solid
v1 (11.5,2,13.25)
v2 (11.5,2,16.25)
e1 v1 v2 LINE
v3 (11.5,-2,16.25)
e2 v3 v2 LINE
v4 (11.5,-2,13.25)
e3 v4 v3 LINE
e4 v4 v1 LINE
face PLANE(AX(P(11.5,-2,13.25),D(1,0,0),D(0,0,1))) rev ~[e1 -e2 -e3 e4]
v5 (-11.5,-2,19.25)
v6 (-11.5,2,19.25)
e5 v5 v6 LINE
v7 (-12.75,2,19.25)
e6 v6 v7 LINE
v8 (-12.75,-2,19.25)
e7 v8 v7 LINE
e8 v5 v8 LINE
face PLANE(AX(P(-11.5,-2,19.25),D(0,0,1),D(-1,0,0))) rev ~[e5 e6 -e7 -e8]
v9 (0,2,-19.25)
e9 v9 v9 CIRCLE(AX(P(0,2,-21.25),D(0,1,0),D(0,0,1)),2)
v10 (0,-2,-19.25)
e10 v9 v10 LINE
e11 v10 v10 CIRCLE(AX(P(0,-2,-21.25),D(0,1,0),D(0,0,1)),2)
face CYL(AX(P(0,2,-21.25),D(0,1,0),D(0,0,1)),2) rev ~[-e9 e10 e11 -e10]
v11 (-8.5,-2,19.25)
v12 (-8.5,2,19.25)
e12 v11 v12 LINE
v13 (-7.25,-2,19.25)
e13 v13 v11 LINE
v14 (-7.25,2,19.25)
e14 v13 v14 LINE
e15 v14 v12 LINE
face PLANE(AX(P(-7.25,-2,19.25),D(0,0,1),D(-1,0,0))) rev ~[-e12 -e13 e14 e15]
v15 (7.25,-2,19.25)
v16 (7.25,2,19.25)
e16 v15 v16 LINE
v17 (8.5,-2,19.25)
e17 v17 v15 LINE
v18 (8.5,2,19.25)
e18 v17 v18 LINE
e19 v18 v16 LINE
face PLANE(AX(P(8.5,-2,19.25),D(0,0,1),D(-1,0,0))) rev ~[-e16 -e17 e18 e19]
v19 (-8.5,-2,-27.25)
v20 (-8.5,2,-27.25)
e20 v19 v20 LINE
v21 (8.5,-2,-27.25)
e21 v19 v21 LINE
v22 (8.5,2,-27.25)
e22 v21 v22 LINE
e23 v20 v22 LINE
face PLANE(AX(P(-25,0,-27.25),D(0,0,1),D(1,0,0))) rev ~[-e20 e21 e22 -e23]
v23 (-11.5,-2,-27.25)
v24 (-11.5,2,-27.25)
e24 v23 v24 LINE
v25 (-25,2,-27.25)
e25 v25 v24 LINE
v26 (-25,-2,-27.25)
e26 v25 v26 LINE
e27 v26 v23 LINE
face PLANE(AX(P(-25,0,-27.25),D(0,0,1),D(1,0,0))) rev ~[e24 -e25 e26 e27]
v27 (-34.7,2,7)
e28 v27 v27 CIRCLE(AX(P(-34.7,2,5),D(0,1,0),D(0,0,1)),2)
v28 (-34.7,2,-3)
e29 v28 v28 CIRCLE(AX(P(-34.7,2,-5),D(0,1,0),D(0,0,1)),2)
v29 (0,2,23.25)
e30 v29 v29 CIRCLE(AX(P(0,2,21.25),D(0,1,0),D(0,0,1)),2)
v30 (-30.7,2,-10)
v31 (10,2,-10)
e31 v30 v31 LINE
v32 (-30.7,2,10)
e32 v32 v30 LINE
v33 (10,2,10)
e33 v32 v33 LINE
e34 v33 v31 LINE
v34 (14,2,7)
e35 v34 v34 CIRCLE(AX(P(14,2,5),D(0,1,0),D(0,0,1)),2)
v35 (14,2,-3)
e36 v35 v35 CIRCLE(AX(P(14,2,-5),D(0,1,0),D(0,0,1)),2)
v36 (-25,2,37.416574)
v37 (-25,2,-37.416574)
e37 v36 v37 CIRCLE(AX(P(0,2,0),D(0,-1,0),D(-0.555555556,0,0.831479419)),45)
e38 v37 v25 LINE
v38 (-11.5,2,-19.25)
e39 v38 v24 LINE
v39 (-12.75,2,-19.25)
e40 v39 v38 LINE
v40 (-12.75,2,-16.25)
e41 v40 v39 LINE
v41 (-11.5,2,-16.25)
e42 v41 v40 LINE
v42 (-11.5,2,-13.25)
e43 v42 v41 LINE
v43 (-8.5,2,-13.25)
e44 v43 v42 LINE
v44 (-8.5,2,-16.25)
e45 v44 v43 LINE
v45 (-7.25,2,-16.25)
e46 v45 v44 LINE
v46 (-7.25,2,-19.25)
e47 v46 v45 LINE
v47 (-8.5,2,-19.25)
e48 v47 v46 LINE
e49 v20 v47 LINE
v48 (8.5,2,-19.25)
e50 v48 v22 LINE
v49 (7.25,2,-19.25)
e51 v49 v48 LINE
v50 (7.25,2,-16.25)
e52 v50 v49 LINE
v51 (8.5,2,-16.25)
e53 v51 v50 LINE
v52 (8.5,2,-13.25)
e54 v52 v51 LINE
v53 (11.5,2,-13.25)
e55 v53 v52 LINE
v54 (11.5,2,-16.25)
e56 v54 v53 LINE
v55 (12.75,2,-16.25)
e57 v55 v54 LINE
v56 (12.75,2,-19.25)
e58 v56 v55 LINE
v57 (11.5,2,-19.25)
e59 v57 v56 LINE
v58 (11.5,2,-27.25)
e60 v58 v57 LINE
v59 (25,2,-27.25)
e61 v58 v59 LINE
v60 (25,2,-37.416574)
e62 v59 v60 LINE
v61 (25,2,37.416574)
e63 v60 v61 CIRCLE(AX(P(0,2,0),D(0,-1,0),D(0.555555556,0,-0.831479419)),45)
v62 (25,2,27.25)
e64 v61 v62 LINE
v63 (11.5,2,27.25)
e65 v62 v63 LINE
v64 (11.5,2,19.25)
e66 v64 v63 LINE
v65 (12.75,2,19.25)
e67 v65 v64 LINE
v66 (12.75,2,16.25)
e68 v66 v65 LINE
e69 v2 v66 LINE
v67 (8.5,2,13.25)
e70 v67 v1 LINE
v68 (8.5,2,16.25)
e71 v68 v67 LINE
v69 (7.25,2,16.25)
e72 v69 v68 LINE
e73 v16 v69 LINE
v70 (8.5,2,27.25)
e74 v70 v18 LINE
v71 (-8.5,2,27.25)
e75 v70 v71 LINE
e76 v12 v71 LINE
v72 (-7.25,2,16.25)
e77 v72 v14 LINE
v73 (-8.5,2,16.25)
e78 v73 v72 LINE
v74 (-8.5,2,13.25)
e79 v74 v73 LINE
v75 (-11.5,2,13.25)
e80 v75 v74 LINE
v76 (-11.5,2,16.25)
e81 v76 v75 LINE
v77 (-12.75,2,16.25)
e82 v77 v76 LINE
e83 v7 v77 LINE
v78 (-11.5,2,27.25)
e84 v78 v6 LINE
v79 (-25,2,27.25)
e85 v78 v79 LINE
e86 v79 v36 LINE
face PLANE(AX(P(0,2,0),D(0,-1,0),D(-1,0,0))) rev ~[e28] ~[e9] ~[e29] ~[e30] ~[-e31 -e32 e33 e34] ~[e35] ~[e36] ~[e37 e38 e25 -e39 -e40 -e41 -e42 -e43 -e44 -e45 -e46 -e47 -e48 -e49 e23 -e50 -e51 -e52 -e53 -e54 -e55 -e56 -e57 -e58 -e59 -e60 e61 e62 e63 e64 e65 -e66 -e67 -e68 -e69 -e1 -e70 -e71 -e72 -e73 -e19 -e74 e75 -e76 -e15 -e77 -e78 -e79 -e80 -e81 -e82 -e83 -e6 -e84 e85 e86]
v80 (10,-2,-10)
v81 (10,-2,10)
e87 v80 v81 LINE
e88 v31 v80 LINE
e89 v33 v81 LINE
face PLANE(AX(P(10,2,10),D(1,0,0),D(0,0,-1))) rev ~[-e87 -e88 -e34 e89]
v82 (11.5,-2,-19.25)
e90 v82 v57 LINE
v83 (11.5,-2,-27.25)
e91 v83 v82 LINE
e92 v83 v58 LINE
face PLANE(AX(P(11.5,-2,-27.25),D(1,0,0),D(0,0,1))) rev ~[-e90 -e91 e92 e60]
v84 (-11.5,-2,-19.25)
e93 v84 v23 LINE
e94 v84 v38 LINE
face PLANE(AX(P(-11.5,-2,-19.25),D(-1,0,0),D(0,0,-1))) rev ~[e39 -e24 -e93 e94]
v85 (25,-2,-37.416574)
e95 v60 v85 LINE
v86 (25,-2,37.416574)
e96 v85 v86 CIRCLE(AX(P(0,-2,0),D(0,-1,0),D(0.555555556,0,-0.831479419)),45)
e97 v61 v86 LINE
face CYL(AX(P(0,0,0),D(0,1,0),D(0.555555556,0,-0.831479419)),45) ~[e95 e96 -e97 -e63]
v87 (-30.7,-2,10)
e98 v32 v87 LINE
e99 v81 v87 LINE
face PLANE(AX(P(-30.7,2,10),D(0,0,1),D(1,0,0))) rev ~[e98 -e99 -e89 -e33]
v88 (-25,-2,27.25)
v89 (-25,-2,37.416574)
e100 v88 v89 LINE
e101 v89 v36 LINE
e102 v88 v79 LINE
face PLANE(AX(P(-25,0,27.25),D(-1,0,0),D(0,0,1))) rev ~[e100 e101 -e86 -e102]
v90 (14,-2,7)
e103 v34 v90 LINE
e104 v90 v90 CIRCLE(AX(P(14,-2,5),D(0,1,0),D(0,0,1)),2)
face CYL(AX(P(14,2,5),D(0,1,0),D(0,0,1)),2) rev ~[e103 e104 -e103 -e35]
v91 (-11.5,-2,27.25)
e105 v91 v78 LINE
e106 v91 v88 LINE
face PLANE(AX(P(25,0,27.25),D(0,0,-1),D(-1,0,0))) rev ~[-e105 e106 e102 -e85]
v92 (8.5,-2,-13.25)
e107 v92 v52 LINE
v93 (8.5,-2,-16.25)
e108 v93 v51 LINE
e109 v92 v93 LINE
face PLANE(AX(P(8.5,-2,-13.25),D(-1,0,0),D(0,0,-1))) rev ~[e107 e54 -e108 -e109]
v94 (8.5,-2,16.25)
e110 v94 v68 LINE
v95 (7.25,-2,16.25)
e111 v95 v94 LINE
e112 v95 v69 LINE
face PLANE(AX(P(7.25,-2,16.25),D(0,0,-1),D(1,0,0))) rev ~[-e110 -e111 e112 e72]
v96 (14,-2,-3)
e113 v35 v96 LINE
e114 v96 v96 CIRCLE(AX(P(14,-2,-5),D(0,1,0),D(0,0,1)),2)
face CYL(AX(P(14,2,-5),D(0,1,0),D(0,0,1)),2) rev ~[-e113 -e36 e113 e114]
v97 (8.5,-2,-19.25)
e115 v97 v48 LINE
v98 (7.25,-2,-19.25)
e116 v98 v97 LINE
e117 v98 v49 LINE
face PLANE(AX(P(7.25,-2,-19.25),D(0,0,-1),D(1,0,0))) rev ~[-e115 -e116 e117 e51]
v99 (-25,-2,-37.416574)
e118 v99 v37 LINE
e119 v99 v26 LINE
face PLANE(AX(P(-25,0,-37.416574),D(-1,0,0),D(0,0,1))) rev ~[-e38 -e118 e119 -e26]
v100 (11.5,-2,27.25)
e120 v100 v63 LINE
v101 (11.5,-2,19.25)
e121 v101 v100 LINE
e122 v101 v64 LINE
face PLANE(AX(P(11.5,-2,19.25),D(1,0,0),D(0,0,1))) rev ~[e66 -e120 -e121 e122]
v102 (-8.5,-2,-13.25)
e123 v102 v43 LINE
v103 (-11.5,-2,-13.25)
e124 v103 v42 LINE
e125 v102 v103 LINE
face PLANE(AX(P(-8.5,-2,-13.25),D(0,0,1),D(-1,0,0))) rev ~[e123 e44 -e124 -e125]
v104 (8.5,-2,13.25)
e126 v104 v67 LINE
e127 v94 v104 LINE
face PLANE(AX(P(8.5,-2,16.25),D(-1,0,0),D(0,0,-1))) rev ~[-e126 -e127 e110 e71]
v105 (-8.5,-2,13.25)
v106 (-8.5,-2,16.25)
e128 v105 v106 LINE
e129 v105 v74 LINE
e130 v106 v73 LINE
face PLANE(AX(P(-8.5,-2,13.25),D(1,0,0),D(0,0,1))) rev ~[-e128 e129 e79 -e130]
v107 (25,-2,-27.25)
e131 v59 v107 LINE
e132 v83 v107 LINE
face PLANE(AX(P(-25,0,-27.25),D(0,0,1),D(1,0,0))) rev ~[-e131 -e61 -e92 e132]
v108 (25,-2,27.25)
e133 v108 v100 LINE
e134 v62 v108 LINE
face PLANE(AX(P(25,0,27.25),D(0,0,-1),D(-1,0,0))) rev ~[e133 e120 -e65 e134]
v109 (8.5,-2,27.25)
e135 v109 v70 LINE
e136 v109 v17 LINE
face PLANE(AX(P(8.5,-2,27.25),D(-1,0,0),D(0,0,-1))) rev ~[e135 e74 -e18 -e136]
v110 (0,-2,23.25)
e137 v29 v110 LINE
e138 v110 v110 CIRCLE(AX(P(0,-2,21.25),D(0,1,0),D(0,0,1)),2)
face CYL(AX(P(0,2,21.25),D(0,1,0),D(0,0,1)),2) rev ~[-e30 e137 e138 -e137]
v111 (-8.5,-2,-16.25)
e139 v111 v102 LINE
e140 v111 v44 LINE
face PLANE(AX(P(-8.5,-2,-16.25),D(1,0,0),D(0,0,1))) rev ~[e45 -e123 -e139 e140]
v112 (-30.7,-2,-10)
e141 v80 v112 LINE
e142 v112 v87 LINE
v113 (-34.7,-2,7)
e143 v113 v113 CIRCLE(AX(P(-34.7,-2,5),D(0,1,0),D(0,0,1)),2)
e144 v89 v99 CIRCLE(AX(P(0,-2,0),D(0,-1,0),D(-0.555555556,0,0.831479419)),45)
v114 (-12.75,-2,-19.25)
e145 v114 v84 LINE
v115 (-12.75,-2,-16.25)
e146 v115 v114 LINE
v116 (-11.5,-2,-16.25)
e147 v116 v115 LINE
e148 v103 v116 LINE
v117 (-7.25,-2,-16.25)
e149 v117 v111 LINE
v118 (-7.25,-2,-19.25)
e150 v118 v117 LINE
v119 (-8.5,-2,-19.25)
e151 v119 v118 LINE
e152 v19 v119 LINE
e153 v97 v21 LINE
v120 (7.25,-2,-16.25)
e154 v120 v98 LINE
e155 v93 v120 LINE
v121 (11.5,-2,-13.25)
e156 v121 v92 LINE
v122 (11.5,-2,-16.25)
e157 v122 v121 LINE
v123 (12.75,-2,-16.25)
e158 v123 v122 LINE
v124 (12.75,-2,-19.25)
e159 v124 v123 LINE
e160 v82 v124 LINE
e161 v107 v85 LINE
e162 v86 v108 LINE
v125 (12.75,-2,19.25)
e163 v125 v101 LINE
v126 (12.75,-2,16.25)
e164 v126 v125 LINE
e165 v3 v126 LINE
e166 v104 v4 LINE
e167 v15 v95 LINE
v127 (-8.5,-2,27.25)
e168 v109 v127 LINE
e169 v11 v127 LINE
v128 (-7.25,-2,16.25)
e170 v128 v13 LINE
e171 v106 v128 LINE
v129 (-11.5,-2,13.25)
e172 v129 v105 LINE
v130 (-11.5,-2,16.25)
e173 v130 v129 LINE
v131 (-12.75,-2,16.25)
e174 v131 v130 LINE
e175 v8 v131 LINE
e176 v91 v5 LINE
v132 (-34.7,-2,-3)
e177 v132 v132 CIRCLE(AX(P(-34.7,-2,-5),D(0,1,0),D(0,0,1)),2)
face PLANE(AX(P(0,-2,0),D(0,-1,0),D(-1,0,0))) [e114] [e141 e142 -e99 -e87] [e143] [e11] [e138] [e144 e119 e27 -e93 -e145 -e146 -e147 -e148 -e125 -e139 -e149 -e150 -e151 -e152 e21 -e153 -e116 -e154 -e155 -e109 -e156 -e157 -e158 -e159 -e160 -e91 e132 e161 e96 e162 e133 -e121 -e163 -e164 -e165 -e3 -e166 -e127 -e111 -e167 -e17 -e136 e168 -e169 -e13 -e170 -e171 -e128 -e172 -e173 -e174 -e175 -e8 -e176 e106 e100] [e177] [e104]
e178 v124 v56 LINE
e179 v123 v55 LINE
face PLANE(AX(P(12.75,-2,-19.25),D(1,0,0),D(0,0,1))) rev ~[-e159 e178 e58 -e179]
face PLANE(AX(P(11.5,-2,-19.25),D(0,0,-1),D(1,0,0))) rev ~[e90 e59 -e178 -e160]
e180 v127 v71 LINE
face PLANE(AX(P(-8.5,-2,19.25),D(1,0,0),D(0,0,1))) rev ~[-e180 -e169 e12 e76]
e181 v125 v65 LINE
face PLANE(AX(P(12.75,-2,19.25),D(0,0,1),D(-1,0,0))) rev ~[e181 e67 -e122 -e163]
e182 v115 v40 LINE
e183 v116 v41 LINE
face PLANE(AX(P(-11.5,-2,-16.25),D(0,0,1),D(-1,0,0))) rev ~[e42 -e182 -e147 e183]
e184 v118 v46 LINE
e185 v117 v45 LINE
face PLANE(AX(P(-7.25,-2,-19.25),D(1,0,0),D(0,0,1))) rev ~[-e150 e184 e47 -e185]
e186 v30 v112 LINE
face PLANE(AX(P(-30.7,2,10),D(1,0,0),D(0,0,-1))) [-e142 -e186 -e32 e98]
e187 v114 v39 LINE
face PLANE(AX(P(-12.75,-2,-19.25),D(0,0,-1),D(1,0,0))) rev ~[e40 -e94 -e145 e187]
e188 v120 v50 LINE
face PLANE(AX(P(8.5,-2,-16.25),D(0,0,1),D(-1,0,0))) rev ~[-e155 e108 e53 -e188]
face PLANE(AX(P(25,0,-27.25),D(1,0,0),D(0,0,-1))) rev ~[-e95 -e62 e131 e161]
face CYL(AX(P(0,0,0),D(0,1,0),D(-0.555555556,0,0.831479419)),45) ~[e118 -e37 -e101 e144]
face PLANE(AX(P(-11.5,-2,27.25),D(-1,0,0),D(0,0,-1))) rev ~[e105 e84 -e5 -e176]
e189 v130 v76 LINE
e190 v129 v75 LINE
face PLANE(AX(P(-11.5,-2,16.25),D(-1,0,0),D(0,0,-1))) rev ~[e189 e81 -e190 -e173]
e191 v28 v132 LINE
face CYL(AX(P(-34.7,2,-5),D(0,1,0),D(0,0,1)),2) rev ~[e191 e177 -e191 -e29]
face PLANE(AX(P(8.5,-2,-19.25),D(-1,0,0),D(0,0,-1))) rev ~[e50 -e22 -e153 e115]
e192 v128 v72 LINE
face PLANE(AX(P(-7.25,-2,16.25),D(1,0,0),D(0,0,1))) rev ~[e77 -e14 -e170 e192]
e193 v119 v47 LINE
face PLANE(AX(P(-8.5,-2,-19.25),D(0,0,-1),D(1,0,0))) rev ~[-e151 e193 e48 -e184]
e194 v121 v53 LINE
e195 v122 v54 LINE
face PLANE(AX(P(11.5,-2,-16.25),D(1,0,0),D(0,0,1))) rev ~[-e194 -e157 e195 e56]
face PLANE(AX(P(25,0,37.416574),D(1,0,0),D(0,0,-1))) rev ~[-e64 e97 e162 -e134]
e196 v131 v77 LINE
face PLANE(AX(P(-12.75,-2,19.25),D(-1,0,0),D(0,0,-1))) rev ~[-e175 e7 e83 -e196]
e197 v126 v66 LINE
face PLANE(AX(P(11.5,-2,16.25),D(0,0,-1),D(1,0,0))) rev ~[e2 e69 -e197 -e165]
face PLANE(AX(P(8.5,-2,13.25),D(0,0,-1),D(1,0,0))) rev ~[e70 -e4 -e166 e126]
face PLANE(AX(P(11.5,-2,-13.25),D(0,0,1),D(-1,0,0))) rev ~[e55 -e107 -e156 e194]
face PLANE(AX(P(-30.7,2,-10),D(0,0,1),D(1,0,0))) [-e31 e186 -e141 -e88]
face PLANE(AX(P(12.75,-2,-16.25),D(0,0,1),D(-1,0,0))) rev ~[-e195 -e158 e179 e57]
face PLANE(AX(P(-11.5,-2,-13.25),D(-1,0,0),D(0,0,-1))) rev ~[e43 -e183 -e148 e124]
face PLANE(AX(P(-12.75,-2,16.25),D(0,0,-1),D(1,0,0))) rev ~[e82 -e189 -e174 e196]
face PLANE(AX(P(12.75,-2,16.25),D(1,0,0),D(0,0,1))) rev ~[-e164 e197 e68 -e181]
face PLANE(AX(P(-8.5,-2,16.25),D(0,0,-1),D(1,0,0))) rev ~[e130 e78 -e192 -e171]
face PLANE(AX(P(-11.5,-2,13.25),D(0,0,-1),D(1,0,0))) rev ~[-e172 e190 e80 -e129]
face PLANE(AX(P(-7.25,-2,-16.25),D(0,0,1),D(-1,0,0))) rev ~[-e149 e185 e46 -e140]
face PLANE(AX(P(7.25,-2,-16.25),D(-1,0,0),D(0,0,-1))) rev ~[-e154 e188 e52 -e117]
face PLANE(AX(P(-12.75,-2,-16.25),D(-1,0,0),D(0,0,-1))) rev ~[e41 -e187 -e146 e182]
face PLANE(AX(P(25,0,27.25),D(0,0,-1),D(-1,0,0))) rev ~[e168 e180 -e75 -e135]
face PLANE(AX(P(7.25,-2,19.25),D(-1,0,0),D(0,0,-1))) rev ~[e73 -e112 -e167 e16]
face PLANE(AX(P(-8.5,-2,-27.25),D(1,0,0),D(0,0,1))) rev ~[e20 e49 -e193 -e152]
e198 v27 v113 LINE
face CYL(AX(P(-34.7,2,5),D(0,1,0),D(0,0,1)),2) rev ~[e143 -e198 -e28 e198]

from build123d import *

# Parameters (mm, degrees)
ESTRUSIONE_ESTRUSIONE1_DEPTH = 2
CORTAR_EXTRUIR4_DEPTH        = 10
CROQUIS2_R                   = 2
CROQUIS2_W                   = 40.7
CROQUIS2_H                   = 20
CORTAR_EXTRUIR5_DEPTH        = 59.660037504


with BuildPart() as part:
    # Schizzo1 → Estrusione-Estrusione1 (new, symmetric)
    with BuildSketch(Plane(origin=(0, 0, 0), x_dir=(1, 0, 0), z_dir=(0, 1, 0))):
        with BuildLine():
            Line((-25, 37.416573868), (-25, 27.25))
            Line((-25, 27.25), (25, 27.25))
            Line((25, 27.25), (25, 37.416573868))
            ThreePointArc((25, 37.416573868), (45, 0), (25, -37.416573868))
            Line((25, -37.416573868), (25, -27.25))
            Line((25, -27.25), (-25, -27.25))
            Line((-25, -27.25), (-25, -37.416573868))
            ThreePointArc((-25, -37.416573868), (-45, 0), (-25, 37.416573868))
        make_face()
    extrude(amount=ESTRUSIONE_ESTRUSIONE1_DEPTH, both=True)

    # Croquis1 → Cortar-Extruir4 (cut)
    with BuildSketch(Plane.XZ.offset(2)):
        Polygon((-8.5, 27.25), (-11.5, 27.25), (-11.5, 19.25), (-12.75, 19.25), (-12.75, 16.25), (-11.5, 16.25), (-11.5, 13.25), (-8.5, 13.25), (-8.5, 16.25), (-7.25, 16.25), (-7.25, 19.25), (-8.5, 19.25), align=None)
        Polygon((11.5, 27.25), (8.5, 27.25), (8.5, 19.25), (7.25, 19.25), (7.25, 16.25), (8.5, 16.25), (8.5, 13.25), (11.5, 13.25), (11.5, 16.25), (12.75, 16.25), (12.75, 19.25), (11.5, 19.25), align=None)
        Polygon((8.5, -13.25), (8.5, -16.25), (7.25, -16.25), (7.25, -19.25), (8.5, -19.25), (8.5, -27.25), (11.5, -27.25), (11.5, -19.25), (12.75, -19.25), (12.75, -16.25), (11.5, -16.25), (11.5, -13.25), align=None)
        Polygon((-11.5, -13.25), (-11.5, -16.25), (-12.75, -16.25), (-12.75, -19.25), (-11.5, -19.25), (-11.5, -27.25), (-8.5, -27.25), (-8.5, -19.25), (-7.25, -19.25), (-7.25, -16.25), (-8.5, -16.25), (-8.5, -13.25), align=None)
    extrude(amount=-CORTAR_EXTRUIR4_DEPTH, mode=Mode.SUBTRACT)

    # Croquis2 → Cortar-Extruir5 (cut, through all)
    with BuildSketch(Plane(origin=(0, 2, 0), x_dir=(1, 0, 0), z_dir=(0, 1, 0))):
        with Locations(Location((-34.7, 5, 0), (0, 0, 270))):
            Circle(CROQUIS2_R)
        with Locations(Location((-34.7, -5, 0), (0, 0, 270))):
            Circle(CROQUIS2_R)
        with Locations(Location((14, 5, 0), (0, 0, 270))):
            Circle(CROQUIS2_R)
        with Locations(Location((14, -5, 0), (0, 0, 270))):
            Circle(CROQUIS2_R)
        with Locations(Location((0, 21.25, 0), (0, 0, 270))):
            Circle(CROQUIS2_R)
        with Locations(Location((0, -21.25, 0), (0, 0, 270))):
            Circle(CROQUIS2_R)
        with Locations((-10.35, 0)):
            Rectangle(CROQUIS2_W, CROQUIS2_H)
    extrude(amount=-CORTAR_EXTRUIR5_DEPTH, mode=Mode.SUBTRACT)


solid = part.part
